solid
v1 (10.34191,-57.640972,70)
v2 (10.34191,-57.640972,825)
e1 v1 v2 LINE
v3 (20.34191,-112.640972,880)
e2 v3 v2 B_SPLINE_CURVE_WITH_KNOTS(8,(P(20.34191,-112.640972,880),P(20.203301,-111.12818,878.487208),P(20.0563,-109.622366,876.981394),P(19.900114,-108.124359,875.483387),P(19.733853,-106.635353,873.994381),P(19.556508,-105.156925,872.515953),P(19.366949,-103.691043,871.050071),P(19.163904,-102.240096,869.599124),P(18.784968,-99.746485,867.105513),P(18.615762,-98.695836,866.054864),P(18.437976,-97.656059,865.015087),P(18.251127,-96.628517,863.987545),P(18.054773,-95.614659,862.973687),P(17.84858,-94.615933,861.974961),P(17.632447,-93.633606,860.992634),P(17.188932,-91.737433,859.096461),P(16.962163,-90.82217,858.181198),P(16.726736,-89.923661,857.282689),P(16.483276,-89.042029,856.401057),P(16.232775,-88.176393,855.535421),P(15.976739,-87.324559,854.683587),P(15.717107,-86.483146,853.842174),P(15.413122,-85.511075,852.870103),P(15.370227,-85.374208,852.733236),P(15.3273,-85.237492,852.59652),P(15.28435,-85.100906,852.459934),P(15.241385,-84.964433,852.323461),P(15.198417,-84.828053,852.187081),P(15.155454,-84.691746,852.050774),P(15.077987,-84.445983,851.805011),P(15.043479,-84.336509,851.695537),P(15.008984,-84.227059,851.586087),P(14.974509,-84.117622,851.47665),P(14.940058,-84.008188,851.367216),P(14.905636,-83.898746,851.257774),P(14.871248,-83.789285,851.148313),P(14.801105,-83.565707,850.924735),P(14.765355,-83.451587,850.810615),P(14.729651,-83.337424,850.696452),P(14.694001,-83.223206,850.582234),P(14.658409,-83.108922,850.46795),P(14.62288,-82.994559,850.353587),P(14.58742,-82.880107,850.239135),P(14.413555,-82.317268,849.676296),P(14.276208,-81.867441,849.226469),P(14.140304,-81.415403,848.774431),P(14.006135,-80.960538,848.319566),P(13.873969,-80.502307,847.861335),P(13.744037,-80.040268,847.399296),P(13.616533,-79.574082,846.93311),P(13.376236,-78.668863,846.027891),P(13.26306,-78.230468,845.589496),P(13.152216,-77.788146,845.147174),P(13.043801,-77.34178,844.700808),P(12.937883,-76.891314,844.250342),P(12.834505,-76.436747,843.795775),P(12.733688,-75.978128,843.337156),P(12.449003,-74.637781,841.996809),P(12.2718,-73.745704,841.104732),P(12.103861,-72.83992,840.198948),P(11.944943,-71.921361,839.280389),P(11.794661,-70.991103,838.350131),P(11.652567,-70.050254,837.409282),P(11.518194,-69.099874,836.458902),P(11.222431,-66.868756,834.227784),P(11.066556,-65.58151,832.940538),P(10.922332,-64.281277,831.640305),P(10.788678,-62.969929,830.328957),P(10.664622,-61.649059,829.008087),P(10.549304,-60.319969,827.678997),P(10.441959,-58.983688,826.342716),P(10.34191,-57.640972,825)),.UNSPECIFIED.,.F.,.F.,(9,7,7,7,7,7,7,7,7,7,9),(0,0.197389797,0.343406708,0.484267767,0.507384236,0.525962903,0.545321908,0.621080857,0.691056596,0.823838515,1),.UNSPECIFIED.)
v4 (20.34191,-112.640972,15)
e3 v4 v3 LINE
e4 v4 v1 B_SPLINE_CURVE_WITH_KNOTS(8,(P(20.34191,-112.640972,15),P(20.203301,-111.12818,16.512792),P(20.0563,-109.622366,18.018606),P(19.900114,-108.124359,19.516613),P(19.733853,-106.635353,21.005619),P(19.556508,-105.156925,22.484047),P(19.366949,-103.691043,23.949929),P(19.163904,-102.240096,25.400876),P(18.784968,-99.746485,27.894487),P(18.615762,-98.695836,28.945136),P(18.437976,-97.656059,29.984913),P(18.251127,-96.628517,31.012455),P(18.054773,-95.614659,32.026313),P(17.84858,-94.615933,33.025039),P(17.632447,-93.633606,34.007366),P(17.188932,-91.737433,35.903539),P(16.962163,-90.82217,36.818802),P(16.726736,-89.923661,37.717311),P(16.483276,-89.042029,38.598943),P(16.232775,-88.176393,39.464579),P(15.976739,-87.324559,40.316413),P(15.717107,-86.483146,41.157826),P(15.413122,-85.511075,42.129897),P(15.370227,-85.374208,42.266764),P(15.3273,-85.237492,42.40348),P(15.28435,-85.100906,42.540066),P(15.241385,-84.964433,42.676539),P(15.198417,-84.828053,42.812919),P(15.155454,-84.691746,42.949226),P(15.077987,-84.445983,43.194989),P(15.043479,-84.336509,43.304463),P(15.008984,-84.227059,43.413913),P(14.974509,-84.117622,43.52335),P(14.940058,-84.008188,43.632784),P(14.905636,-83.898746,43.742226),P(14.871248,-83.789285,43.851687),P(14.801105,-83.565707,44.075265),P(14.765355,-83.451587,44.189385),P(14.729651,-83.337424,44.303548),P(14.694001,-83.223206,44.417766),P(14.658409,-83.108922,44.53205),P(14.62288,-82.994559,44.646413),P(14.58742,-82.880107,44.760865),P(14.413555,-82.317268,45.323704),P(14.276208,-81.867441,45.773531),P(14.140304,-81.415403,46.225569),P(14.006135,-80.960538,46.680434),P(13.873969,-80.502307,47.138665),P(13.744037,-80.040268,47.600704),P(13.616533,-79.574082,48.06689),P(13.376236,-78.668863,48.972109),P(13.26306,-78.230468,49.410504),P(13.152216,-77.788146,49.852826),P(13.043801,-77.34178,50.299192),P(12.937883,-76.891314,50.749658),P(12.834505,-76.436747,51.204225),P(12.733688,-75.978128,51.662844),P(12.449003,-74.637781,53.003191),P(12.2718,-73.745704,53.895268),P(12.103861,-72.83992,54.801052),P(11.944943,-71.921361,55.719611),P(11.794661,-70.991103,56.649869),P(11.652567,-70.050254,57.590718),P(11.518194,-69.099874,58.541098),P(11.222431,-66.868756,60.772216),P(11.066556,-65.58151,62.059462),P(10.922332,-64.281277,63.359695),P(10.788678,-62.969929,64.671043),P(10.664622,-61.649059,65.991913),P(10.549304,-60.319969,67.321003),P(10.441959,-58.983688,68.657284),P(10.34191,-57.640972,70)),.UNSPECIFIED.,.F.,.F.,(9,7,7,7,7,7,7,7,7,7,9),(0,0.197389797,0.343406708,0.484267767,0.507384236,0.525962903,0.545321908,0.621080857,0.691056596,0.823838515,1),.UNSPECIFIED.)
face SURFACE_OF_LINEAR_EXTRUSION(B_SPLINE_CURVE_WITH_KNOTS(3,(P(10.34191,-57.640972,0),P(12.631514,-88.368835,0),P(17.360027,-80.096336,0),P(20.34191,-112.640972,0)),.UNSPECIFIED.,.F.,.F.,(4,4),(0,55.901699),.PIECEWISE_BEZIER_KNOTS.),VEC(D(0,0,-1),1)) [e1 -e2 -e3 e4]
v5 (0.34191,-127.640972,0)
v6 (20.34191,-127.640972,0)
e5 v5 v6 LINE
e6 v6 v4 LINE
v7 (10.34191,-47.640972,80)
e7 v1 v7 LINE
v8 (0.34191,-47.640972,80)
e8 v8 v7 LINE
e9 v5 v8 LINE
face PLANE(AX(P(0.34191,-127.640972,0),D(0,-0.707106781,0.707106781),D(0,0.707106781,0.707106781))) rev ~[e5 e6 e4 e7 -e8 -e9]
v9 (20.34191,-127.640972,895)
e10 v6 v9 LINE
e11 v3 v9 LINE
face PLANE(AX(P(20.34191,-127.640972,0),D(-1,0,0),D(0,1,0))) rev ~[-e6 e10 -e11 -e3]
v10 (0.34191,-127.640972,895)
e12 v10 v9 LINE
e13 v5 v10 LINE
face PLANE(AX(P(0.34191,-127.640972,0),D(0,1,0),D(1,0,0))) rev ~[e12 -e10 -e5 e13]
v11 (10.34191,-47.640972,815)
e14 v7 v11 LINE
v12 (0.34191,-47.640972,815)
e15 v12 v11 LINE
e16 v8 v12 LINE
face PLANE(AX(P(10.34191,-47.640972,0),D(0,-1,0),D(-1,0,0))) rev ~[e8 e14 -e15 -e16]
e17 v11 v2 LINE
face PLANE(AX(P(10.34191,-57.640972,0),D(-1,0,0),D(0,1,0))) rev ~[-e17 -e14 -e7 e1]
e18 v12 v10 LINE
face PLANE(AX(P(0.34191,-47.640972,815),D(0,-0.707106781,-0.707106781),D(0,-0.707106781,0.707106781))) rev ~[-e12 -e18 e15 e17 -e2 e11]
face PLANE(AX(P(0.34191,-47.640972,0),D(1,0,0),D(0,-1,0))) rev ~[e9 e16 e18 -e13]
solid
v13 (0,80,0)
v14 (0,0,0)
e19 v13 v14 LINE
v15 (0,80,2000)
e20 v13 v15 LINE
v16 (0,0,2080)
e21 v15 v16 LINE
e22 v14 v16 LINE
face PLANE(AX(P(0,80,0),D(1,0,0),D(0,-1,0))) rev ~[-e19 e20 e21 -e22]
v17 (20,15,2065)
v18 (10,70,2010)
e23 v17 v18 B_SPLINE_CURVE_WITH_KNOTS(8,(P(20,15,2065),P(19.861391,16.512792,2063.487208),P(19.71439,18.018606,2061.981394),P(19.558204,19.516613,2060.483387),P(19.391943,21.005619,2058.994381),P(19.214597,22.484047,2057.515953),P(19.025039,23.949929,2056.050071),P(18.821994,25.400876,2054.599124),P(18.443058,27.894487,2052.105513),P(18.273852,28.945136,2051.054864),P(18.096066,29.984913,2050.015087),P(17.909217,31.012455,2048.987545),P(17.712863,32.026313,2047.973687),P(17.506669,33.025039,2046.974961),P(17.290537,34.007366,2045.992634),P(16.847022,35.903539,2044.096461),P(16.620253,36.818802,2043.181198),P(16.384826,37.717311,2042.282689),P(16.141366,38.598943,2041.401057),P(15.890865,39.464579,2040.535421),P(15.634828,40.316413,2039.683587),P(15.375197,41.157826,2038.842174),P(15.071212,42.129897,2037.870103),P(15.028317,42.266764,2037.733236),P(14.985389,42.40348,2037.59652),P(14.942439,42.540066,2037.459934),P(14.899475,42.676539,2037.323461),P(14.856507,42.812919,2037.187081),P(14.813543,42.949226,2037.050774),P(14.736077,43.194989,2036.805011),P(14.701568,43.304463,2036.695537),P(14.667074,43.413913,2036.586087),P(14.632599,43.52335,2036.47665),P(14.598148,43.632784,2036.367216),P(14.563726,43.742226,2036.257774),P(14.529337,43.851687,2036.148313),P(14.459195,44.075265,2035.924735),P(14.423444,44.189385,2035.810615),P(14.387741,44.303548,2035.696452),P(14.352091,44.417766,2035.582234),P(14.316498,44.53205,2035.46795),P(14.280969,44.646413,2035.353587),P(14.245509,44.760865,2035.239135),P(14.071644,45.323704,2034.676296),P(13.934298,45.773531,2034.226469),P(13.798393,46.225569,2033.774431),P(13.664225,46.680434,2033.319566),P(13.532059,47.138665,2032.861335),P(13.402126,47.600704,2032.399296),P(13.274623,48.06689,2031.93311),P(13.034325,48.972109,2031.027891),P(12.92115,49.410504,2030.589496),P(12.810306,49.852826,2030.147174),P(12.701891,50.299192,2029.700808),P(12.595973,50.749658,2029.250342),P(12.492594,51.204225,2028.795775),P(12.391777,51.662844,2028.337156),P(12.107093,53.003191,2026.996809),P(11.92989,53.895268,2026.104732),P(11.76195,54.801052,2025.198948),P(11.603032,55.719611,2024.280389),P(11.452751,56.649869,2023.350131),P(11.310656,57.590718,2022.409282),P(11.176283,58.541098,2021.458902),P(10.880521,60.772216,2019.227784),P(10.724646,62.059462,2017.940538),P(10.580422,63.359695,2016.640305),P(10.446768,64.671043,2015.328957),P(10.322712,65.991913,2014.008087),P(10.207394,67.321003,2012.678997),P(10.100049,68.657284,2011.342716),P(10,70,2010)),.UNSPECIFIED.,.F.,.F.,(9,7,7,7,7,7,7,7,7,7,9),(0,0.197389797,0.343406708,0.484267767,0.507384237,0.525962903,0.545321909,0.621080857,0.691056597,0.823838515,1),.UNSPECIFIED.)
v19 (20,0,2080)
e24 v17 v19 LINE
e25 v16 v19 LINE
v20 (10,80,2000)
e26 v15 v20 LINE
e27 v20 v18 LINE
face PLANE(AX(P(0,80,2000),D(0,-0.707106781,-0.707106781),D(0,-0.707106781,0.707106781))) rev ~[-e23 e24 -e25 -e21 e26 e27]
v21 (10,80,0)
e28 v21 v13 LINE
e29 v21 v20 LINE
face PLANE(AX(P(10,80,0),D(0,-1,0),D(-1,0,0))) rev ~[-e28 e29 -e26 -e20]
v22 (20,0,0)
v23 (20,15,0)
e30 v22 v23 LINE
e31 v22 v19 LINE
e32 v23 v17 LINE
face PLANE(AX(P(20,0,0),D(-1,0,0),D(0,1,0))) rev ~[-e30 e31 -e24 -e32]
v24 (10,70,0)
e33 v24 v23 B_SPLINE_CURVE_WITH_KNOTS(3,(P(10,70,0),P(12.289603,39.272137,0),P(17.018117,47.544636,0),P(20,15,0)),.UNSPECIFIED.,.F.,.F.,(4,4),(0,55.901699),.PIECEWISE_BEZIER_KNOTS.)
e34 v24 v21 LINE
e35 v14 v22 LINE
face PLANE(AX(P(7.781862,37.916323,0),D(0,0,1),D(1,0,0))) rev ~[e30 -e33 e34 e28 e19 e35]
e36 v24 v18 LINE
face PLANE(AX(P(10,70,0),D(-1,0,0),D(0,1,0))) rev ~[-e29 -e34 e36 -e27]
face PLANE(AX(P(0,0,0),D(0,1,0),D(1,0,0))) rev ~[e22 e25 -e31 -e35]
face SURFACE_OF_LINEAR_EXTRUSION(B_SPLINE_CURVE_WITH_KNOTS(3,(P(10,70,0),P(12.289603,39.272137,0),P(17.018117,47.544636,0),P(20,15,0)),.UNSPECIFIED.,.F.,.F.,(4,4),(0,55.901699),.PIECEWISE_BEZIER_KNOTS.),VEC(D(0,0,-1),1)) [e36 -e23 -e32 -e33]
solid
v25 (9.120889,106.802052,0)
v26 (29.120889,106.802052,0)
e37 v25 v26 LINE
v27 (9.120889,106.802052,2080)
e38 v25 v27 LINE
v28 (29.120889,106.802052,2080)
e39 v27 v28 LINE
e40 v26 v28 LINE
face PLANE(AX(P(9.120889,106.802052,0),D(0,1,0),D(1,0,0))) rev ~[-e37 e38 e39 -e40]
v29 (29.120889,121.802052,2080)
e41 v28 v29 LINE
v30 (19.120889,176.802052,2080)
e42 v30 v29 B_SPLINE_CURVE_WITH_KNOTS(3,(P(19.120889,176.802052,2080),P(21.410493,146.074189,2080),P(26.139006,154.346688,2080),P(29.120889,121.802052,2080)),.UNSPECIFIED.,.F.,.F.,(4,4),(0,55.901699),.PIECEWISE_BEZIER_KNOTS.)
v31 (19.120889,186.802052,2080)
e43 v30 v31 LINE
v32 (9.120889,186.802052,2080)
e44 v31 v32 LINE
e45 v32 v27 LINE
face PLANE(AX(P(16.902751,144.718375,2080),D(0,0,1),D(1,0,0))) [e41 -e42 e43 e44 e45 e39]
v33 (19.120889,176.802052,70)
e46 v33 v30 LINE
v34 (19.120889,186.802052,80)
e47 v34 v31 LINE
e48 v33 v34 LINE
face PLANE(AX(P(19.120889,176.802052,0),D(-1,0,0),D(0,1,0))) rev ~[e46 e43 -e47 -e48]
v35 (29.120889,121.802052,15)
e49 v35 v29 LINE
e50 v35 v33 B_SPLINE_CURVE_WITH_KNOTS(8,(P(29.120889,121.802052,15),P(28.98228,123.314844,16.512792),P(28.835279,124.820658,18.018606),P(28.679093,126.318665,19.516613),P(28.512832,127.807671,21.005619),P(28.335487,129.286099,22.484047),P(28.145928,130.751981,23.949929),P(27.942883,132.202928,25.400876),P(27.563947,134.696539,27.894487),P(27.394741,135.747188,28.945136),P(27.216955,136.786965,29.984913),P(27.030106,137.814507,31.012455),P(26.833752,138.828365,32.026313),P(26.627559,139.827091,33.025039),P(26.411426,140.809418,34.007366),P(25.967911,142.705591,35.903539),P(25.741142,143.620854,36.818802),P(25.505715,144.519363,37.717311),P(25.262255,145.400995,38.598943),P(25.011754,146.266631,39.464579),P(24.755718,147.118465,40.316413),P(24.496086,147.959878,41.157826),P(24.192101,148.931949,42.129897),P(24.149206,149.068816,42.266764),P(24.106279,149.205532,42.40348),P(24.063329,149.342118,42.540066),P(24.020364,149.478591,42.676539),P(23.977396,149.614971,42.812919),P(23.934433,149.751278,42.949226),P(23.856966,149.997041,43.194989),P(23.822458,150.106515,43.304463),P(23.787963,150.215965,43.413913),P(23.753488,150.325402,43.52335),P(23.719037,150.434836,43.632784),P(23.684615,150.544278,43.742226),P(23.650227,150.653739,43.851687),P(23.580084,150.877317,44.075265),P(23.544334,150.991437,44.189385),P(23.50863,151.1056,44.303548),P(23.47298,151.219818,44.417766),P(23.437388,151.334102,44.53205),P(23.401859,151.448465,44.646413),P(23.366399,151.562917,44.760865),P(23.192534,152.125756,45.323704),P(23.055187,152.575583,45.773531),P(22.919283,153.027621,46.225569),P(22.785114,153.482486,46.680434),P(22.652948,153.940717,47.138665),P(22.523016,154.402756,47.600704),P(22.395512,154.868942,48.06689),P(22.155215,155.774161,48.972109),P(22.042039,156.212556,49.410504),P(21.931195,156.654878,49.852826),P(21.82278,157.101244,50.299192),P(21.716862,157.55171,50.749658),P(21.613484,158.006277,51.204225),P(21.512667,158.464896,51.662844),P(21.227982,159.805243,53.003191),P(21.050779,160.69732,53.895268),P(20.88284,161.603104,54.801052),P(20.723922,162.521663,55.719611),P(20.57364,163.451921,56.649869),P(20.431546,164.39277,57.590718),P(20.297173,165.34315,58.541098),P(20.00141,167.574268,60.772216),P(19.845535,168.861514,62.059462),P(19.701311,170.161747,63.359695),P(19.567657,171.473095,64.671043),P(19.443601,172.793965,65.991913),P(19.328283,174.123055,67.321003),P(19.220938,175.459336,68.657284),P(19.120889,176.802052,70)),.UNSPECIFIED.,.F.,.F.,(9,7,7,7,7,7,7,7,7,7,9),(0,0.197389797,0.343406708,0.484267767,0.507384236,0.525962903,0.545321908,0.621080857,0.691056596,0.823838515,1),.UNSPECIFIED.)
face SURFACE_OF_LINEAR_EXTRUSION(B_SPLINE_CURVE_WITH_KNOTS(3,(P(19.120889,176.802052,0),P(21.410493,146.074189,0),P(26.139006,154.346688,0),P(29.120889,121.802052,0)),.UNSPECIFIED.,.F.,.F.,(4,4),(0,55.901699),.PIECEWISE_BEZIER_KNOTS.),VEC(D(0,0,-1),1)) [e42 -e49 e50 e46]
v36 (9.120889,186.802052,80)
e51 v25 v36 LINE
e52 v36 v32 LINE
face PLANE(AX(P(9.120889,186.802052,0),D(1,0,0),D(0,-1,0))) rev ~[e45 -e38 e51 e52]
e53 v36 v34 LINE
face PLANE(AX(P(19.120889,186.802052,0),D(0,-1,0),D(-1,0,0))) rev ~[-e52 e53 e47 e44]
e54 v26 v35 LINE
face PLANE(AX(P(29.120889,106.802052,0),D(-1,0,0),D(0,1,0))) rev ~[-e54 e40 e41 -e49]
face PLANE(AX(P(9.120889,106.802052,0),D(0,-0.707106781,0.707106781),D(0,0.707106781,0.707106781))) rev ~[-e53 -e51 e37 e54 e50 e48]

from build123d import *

# Parameters (mm, degrees)
F1_DEPTH = 2080
F2_DEPTH = 2080
F3_DEPTH = 895
F7_DEPTH = 25
F8_DEPTH = 25
F9_DEPTH = 25


with BuildPart() as f1:
    # F0 (on Top) → F1 (new body)
    with BuildSketch(Plane.XY):
        with BuildLine():
            Line((0, 80), (0, 0))
            Line((0, 0), (20, 0))
            Line((20, 0), (20, 15))
            add(Edge.make_bspline(
                [(10, 70), (12.289603, 39.272137), (17.018117, 47.544636), (20, 15)],
                knots=[0, 0, 0, 0, 55.901699, 55.901699, 55.901699, 55.901699], degree=3))
            Line((10, 70), (10, 80))
            Line((10, 80), (0, 80))
        make_face()
    extrude(amount=F1_DEPTH)

    # F5 (on face) → F8 (cut)
    with BuildSketch(Plane(origin=(0, 0, 0), x_dir=(0, -1, 0), z_dir=(-1, 0, 0))):
        Polygon((-80, 2000), (0, 2080), (-80, 2080), align=None)
    extrude(amount=-F8_DEPTH, mode=Mode.SUBTRACT)


with BuildPart() as f2:
    # F0 (on Top) → F2 (new body)
    with BuildSketch(Plane.XY):
        with BuildLine():
            Line((9.120889, 186.802052), (9.120889, 106.802052))
            Line((9.120889, 106.802052), (29.120889, 106.802052))
            Line((29.120889, 106.802052), (29.120889, 121.802052))
            add(Edge.make_bspline(
                [(19.120889, 176.802052), (21.410493, 146.074189), (26.139006, 154.346688), (29.120889, 121.802052)],
                knots=[0, 0, 0, 0, 55.901699, 55.901699, 55.901699, 55.901699], degree=3))
            Line((19.120889, 176.802052), (19.120889, 186.802052))
            Line((19.120889, 186.802052), (9.120889, 186.802052))
        make_face()
    extrude(amount=F2_DEPTH)

    # F4 (on face) → F7 (cut)
    with BuildSketch(Plane(origin=(9.120889, 0, 0), x_dir=(0, -1, 0), z_dir=(-1, 0, 0))):
        Polygon((-186.802052, 0), (-106.802052, 0), (-186.802052, 80), align=None)
    extrude(amount=-F7_DEPTH, mode=Mode.SUBTRACT)


with BuildPart() as f3:
    # F0 (on Top) → F3 (new body)
    with BuildSketch(Plane.XY):
        with BuildLine():
            Line((0.34191, -47.640972), (0.34191, -127.640972))
            Line((0.34191, -127.640972), (20.34191, -127.640972))
            Line((20.34191, -127.640972), (20.34191, -112.640972))
            add(Edge.make_bspline(
                [(10.34191, -57.640972), (12.631514, -88.368835), (17.360027, -80.096336), (20.34191, -112.640972)],
                knots=[0, 0, 0, 0, 55.901699, 55.901699, 55.901699, 55.901699], degree=3))
            Line((10.34191, -57.640972), (10.34191, -47.640972))
            Line((10.34191, -47.640972), (0.34191, -47.640972))
        make_face()
    extrude(amount=F3_DEPTH)

    # F6 (on face) → F9 (cut)
    with BuildSketch(Plane(origin=(0.34191, 0, 0), x_dir=(0, -1, 0), z_dir=(-1, 0, 0))):
        Polygon((47.640972, 815), (127.640972, 895), (47.640972, 895), align=None)
        Polygon((47.640972, 0), (127.640972, 0), (47.640972, 80), align=None)
    extrude(amount=-F9_DEPTH, mode=Mode.SUBTRACT)


solid = Compound([f1.part, f2.part, f3.part])
